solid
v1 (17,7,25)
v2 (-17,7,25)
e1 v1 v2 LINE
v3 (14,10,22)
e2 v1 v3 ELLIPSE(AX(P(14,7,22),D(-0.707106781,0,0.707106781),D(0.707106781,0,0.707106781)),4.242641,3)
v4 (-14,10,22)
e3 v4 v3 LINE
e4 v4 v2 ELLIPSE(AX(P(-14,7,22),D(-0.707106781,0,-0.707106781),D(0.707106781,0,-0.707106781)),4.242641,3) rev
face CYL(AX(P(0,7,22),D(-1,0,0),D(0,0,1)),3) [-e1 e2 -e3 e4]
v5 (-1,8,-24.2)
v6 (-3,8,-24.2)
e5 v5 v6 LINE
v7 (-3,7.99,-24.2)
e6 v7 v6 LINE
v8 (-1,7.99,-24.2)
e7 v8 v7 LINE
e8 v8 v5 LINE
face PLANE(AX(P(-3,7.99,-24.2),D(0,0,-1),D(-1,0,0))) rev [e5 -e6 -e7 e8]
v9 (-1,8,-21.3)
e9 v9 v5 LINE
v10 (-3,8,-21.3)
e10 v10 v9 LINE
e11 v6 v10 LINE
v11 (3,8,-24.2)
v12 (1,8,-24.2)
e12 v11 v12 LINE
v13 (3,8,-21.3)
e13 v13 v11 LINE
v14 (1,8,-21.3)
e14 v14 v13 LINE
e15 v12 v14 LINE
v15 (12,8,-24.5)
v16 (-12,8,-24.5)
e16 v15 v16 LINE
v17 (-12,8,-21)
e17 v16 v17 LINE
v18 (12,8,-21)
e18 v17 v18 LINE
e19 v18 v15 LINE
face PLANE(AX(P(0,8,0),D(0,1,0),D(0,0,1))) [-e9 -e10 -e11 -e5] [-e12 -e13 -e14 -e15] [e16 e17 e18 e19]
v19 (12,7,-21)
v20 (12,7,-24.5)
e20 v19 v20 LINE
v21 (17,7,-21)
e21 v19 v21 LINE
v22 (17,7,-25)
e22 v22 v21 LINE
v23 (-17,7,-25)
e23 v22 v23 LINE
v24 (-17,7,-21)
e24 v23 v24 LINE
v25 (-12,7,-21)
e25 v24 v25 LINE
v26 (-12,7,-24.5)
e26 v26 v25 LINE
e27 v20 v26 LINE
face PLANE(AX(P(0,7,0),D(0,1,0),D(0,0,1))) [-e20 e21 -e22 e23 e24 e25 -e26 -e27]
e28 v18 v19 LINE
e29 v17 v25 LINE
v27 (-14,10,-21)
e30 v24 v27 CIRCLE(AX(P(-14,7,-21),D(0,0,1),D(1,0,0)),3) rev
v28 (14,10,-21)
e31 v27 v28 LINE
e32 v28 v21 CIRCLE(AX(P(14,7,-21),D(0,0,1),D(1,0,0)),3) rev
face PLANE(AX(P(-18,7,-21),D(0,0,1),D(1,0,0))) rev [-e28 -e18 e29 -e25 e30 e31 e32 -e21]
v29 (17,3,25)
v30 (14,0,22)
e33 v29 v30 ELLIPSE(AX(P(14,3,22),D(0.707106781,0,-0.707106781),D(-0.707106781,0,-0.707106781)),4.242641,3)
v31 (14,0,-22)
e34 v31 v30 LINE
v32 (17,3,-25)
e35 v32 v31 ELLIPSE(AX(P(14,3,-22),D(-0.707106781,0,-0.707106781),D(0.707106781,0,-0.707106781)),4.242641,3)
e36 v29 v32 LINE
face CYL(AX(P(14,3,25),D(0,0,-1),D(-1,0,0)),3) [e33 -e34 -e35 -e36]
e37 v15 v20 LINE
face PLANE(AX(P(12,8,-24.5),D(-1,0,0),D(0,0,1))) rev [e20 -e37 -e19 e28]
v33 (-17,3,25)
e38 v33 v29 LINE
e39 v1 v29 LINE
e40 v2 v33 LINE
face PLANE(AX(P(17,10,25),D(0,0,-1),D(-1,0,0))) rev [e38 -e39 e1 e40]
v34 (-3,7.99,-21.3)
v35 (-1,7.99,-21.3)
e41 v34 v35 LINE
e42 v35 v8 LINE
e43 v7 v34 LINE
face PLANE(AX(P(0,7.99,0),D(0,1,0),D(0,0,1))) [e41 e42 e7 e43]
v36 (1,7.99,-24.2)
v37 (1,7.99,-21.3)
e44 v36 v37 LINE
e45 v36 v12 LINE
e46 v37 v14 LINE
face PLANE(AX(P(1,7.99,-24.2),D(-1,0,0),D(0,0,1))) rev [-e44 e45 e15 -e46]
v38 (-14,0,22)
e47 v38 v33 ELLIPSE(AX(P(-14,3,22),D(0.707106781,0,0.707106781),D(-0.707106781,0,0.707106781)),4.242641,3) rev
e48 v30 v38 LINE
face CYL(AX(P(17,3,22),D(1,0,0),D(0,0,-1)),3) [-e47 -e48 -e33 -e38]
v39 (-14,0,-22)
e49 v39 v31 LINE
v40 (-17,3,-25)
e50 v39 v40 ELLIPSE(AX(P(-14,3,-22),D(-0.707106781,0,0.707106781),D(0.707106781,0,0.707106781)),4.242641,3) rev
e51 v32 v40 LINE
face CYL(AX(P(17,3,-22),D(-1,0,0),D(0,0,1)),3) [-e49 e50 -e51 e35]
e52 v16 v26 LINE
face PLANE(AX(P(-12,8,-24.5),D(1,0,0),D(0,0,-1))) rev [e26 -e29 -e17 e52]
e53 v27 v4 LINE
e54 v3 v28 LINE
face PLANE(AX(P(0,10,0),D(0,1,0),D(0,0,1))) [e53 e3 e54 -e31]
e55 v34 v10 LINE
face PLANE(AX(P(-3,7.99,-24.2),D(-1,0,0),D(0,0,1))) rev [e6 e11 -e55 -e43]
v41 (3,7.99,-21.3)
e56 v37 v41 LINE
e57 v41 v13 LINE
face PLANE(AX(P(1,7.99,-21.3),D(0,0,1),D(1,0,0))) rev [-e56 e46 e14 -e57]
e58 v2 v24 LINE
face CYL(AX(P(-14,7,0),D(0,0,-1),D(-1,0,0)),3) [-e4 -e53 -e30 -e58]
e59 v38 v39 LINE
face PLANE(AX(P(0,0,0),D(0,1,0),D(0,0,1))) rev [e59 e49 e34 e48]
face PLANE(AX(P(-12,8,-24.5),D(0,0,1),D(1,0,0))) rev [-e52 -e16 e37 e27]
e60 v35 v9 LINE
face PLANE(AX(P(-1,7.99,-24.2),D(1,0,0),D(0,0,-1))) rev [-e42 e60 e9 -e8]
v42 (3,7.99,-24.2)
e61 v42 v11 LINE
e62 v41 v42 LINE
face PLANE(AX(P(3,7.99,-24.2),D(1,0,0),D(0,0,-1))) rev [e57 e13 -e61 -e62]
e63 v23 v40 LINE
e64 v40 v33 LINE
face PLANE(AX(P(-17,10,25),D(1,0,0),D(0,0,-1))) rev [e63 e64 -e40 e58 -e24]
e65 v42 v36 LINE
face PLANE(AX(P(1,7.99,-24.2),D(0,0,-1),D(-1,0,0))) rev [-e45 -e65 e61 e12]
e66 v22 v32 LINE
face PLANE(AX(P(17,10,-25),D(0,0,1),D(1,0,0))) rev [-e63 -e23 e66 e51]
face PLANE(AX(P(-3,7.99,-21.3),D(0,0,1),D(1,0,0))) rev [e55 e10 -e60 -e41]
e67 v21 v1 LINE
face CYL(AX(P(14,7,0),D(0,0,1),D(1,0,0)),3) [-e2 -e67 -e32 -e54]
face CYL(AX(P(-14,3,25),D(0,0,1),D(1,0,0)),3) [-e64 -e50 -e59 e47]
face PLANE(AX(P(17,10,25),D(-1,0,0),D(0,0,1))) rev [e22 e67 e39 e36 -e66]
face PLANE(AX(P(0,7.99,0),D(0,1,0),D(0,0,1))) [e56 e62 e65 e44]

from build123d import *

# Parameters (mm, degrees)
SKETCH_1_W          = 34
SKETCH_1_H          = 50
EXTRUDE_1_DEPTH     = 10
FILLET_1_R          = 3
SKETCH_2_W          = 36
SKETCH_2_H          = 5
CUT_EXTRUDE_1_DEPTH = 3
SKETCH_3_W          = 24
SKETCH_3_H          = 3.5
EXTRUDE_2_DEPTH     = 1
SKETCH_4_W          = 2
SKETCH_4_H          = 2.9
CUT_EXTRUDE_2_DEPTH = 0.01


with BuildPart() as part:
    # Эскиз1 → Бобышка-Вытянуть1 (new body)
    with BuildSketch(Plane(origin=(0, 0, 0), x_dir=(1, 0, 0), z_dir=(0, 1, 0))):
        Rectangle(SKETCH_1_W, SKETCH_1_H)
    extrude(amount=EXTRUDE_1_DEPTH)

    # Скругление1
    fillet_1_edges = [part.edges().sort_by_distance(p)[0] for p in [
        (17, 10, 0),
        (-17, 10, 0),
        (0, 0, -25),
        (17, 0, 0),
        (0, 0, 25),
        (-17, 0, 0),
        (0, 10, 25),
    ]]
    fillet(fillet_1_edges, radius=FILLET_1_R)

    # Эскиз2 → Вырез-Вытянуть1 (cut)
    with BuildSketch(Plane(origin=(0, 10, 0), x_dir=(1, 0, 0), z_dir=(0, 1, 0))):
        with Locations((0, 23.5)):
            Rectangle(SKETCH_2_W, SKETCH_2_H)
    extrude(amount=-CUT_EXTRUDE_1_DEPTH, mode=Mode.SUBTRACT)

    # Эскиз3 → Бобышка-Вытянуть2 (add)
    with BuildSketch(Plane(origin=(0, 7, 0), x_dir=(1, 0, 0), z_dir=(0, 1, 0))):
        with Locations((0, 22.75)):
            Rectangle(SKETCH_3_W, SKETCH_3_H)
    extrude(amount=EXTRUDE_2_DEPTH)

    # Эскиз4 → Вырез-Вытянуть2 (cut)
    with BuildSketch(Plane(origin=(0, 8, 0), x_dir=(1, 0, 0), z_dir=(0, 1, 0))):
        with Locations((-2, 22.75)):
            Rectangle(SKETCH_4_W, SKETCH_4_H)
        with Locations((2, 22.75)):
            Rectangle(SKETCH_4_W, SKETCH_4_H)
    extrude(amount=-CUT_EXTRUDE_2_DEPTH, mode=Mode.SUBTRACT)


solid = part.part
